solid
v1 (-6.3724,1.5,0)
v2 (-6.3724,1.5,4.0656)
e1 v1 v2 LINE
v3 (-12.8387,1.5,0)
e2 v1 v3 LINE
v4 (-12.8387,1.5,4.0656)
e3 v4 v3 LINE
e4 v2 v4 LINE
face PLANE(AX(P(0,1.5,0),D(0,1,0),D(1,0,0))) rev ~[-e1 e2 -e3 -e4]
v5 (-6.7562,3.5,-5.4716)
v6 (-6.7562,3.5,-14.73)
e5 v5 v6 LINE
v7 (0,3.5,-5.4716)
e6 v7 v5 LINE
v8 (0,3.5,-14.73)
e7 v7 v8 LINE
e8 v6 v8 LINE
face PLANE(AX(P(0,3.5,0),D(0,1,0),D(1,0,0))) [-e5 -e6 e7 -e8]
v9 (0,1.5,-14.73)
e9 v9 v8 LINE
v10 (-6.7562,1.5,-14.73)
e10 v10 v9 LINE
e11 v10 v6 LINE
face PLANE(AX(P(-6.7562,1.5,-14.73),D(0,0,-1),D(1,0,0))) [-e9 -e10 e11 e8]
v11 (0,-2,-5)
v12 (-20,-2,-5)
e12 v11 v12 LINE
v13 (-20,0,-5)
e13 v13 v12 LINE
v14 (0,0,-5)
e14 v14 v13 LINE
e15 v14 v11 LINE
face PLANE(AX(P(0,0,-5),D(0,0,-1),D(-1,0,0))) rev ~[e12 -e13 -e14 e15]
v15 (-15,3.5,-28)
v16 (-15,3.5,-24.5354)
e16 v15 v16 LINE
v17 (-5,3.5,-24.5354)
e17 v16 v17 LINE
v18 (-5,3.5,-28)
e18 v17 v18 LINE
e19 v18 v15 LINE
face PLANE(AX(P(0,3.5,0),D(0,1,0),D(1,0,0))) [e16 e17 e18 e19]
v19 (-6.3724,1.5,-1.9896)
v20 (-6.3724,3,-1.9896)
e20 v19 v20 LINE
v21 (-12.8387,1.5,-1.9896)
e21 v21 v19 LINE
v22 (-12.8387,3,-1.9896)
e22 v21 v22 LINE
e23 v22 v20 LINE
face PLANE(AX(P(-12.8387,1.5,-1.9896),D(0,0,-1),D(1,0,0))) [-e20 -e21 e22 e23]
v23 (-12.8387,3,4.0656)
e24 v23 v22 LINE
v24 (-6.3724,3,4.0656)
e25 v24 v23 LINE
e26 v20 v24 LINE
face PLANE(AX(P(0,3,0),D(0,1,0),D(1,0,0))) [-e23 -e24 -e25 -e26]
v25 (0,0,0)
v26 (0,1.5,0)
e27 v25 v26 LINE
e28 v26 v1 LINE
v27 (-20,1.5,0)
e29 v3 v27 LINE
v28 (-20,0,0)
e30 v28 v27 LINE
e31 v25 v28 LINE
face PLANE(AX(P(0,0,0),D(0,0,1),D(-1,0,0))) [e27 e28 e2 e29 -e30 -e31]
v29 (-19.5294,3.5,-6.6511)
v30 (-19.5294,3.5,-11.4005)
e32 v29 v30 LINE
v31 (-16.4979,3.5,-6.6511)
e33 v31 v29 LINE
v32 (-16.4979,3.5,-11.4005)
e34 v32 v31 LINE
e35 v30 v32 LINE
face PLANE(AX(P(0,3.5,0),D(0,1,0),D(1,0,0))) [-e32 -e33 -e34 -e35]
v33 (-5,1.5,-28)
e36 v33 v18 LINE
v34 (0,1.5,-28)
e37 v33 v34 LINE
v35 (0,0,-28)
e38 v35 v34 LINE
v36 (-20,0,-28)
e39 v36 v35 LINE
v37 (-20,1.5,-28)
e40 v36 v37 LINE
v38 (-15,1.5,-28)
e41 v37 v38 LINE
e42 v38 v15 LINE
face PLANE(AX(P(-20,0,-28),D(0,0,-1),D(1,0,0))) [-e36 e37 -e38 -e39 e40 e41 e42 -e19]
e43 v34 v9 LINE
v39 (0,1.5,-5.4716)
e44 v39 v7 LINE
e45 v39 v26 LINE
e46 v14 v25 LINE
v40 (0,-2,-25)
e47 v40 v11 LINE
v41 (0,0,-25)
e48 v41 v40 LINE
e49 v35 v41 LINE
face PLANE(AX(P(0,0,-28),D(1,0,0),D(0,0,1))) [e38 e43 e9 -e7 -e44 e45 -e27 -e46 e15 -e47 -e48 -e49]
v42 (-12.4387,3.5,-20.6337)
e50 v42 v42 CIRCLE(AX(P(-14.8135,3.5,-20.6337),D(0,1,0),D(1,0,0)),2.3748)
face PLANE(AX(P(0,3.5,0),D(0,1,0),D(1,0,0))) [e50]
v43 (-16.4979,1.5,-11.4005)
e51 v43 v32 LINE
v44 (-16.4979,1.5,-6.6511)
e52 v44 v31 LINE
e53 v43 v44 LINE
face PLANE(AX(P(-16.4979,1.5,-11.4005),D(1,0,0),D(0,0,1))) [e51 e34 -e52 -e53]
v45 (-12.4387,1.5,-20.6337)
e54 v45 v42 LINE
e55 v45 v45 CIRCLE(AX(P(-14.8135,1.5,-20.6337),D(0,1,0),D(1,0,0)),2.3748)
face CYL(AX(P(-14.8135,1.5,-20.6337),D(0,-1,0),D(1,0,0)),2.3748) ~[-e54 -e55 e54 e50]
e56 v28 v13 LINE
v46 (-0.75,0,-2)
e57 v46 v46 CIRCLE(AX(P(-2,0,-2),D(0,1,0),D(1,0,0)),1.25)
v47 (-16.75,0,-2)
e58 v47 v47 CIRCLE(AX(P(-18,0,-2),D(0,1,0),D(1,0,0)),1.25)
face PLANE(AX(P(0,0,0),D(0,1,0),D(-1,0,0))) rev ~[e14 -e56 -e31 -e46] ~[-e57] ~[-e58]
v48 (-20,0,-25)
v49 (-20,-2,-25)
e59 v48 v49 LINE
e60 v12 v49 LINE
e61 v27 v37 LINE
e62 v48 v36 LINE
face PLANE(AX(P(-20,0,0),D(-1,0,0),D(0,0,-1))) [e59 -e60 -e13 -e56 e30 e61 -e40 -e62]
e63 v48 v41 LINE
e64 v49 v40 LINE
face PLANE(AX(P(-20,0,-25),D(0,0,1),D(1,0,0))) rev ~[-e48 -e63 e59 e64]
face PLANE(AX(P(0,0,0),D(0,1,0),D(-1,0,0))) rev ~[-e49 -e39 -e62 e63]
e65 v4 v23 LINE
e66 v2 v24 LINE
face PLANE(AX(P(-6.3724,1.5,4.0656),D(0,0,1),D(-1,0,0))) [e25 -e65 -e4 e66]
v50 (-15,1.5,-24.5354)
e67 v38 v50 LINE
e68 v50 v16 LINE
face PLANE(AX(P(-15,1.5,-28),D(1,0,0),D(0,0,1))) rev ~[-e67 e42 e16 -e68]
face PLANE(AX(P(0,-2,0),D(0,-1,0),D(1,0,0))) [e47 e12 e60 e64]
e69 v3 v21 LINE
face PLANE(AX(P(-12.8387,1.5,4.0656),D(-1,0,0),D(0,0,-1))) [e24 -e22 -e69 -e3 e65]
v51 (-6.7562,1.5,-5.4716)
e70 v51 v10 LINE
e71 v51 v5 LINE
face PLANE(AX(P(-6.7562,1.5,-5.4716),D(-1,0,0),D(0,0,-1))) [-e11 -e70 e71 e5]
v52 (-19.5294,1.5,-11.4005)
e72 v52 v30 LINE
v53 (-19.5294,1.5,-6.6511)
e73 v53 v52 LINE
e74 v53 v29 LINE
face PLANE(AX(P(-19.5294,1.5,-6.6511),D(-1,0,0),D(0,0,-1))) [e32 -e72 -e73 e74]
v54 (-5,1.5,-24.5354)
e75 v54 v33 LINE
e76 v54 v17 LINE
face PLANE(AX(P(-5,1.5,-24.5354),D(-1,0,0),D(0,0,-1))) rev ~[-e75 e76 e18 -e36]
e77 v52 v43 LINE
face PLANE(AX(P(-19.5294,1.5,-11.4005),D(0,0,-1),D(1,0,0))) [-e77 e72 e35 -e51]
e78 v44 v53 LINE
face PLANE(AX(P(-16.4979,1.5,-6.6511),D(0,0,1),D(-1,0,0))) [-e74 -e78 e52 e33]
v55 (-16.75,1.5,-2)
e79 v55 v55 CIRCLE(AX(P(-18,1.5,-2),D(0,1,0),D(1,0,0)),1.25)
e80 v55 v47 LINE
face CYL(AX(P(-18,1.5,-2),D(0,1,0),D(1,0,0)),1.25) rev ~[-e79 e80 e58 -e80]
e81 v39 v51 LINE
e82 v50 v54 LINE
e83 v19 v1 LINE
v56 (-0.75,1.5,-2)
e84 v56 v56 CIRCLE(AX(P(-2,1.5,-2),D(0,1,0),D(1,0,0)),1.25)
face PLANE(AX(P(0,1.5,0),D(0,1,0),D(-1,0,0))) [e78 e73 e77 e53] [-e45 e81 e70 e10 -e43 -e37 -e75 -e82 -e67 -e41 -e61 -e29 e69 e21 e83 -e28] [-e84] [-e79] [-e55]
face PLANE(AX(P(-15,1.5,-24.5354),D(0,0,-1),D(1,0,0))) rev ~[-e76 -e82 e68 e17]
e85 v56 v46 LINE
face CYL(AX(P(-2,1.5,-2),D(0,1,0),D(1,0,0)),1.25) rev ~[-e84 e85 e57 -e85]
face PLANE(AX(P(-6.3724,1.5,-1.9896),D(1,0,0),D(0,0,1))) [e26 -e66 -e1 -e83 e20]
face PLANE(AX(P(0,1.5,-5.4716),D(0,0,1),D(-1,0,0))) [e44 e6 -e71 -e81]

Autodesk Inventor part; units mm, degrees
ref_plane "YZ Plane" through (0, 0, 0) normal (1, 0, 0) x (0, 1, 0)
ref_plane "XZ Plane" through (0, 0, 0) normal (0, 1, 0) x (-1, 0, 0)
ref_plane "XY Plane" through (0, 0, 0) normal (0, 0, 1) x (1, 0, 0)
sketch "Sketch1" plane through (0, 0, 0) normal (0, 1, 0) x (-1, 0, 0)
  line L0 (0, 0) -> (20, 0)
  line L1 (20, 0) -> (20, -28)
  line L2 (20, -28) -> (0, -28)
  line L3 (0, -28) -> (0, 0)
  dimension "d0" = 28
  dimension "d1" = 20
extrude "Extrusion1" add sketch "Sketch1" along normal blind 1.5
sketch "Sketch2" plane through (0, 1.5, 0) normal (0, 1, 0) x (1, 0, 0)
  line L0 (0, 28) -> (-20, 28) projected
  line L1 (-5, 28) -> (-15, 28)
  line L2 (-15, 28) -> (-15, 24.5354)
  line L3 (-15, 24.5354) -> (-5, 24.5354)
  line L4 (-5, 24.5354) -> (-5, 28)
  point P0 (0, 0)
  point P1 (-10, 24.5354)
  point P2 (-10, 28)
  dimension "d4" = 10
extrude "Extrusion2" add sketch "Sketch2" along normal blind 2
sketch "Sketch3" plane through (0, 1.5, 0) normal (0, 1, 0) x (1, 0, 0)
  line L0 (0, 0) -> (0, 28) projected
  line L1 (0, 5.4716) -> (-6.7562, 5.4716)
  line L2 (-6.7562, 5.4716) -> (-6.7562, 14.73)
  line L3 (-6.7562, 14.73) -> (0, 14.73)
  line L4 (0, 14.73) -> (0, 5.4716)
extrude "Extrusion3" add sketch "Sketch3" along normal blind 2
sketch "Sketch4" plane through (0, 1.5, 0) normal (0, 1, 0) x (1, 0, 0)
  circle A0 centre (-14.8135, 20.6337) radius 2.3748
  point P0 (0, 0)
extrude "Extrusion4" add sketch "Sketch4" along normal blind 2
sketch "Sketch5" plane through (0, 1.5, 0) normal (0, 1, 0) x (1, 0, 0)
  circle A0 centre (-2, 2) radius 1.25
  circle A1 centre (-18, 2) radius 1.25
  line L0 (0, 0) -> (0, 5.4716) projected
  line L1 (-20, 0) -> (0, 0) projected
  line L2 (-20, 28) -> (-20, 0) projected
  dimension "d11" = 2
  dimension "d12" = 2.5
  dimension "d13" = 2
  dimension "d14" = 2
  dimension "d15" = 2
  dimension "d16" = 2.5
extrude "Extrusion5" cut sketch "Sketch5" against normal blind 2
sketch "Sketch6" plane through (0, 0, 0) normal (0, -1, 0) x (1, 0, 0)
  line L0 (-20, 0) -> (-20, -28) projected
  line L1 (-20, -25) -> (0, -25)
  line L2 (0, -25) -> (0, -5)
  line L3 (0, -5) -> (-20, -5)
  line L4 (-20, -5) -> (-20, -25)
  line L5 (-20, -28) -> (0, -28) projected
  line L6 (0, 0) -> (-20, 0) projected
  dimension "d19" = 3
  dimension "d20" = 5
extrude "Extrusion6" add sketch "Sketch6" along normal blind 2
sketch "Sketch7" plane through (0, 1.5, 0) normal (0, 1, 0) x (1, 0, 0)
  line L0 (-16.4979, 6.6511) -> (-19.5294, 6.6511)
  line L1 (-19.5294, 6.6511) -> (-19.5294, 11.4005)
  line L2 (-19.5294, 11.4005) -> (-16.4979, 11.4005)
  line L3 (-16.4979, 11.4005) -> (-16.4979, 6.6511)
  point P0 (0, 0)
extrude "Extrusion7" add sketch "Sketch7" along normal blind 2
sketch "Sketch8" plane through (0, 1.5, 0) normal (0, 1, 0) x (1, 0, 0)
  line L0 (-12.8387, 1.9896) -> (-6.3724, 1.9896)
  line L1 (-6.3724, 1.9896) -> (-6.3724, -4.0656)
  line L2 (-6.3724, -4.0656) -> (-12.8387, -4.0656)
  line L3 (-12.8387, -4.0656) -> (-12.8387, 1.9896)
  point P0 (0, 0)
extrude "Extrusion8" add sketch "Sketch8" along normal blind 1.5
equation "\"d16\" = d12"
properties part number "VideoTransmitter" material "ABS Plastic"
